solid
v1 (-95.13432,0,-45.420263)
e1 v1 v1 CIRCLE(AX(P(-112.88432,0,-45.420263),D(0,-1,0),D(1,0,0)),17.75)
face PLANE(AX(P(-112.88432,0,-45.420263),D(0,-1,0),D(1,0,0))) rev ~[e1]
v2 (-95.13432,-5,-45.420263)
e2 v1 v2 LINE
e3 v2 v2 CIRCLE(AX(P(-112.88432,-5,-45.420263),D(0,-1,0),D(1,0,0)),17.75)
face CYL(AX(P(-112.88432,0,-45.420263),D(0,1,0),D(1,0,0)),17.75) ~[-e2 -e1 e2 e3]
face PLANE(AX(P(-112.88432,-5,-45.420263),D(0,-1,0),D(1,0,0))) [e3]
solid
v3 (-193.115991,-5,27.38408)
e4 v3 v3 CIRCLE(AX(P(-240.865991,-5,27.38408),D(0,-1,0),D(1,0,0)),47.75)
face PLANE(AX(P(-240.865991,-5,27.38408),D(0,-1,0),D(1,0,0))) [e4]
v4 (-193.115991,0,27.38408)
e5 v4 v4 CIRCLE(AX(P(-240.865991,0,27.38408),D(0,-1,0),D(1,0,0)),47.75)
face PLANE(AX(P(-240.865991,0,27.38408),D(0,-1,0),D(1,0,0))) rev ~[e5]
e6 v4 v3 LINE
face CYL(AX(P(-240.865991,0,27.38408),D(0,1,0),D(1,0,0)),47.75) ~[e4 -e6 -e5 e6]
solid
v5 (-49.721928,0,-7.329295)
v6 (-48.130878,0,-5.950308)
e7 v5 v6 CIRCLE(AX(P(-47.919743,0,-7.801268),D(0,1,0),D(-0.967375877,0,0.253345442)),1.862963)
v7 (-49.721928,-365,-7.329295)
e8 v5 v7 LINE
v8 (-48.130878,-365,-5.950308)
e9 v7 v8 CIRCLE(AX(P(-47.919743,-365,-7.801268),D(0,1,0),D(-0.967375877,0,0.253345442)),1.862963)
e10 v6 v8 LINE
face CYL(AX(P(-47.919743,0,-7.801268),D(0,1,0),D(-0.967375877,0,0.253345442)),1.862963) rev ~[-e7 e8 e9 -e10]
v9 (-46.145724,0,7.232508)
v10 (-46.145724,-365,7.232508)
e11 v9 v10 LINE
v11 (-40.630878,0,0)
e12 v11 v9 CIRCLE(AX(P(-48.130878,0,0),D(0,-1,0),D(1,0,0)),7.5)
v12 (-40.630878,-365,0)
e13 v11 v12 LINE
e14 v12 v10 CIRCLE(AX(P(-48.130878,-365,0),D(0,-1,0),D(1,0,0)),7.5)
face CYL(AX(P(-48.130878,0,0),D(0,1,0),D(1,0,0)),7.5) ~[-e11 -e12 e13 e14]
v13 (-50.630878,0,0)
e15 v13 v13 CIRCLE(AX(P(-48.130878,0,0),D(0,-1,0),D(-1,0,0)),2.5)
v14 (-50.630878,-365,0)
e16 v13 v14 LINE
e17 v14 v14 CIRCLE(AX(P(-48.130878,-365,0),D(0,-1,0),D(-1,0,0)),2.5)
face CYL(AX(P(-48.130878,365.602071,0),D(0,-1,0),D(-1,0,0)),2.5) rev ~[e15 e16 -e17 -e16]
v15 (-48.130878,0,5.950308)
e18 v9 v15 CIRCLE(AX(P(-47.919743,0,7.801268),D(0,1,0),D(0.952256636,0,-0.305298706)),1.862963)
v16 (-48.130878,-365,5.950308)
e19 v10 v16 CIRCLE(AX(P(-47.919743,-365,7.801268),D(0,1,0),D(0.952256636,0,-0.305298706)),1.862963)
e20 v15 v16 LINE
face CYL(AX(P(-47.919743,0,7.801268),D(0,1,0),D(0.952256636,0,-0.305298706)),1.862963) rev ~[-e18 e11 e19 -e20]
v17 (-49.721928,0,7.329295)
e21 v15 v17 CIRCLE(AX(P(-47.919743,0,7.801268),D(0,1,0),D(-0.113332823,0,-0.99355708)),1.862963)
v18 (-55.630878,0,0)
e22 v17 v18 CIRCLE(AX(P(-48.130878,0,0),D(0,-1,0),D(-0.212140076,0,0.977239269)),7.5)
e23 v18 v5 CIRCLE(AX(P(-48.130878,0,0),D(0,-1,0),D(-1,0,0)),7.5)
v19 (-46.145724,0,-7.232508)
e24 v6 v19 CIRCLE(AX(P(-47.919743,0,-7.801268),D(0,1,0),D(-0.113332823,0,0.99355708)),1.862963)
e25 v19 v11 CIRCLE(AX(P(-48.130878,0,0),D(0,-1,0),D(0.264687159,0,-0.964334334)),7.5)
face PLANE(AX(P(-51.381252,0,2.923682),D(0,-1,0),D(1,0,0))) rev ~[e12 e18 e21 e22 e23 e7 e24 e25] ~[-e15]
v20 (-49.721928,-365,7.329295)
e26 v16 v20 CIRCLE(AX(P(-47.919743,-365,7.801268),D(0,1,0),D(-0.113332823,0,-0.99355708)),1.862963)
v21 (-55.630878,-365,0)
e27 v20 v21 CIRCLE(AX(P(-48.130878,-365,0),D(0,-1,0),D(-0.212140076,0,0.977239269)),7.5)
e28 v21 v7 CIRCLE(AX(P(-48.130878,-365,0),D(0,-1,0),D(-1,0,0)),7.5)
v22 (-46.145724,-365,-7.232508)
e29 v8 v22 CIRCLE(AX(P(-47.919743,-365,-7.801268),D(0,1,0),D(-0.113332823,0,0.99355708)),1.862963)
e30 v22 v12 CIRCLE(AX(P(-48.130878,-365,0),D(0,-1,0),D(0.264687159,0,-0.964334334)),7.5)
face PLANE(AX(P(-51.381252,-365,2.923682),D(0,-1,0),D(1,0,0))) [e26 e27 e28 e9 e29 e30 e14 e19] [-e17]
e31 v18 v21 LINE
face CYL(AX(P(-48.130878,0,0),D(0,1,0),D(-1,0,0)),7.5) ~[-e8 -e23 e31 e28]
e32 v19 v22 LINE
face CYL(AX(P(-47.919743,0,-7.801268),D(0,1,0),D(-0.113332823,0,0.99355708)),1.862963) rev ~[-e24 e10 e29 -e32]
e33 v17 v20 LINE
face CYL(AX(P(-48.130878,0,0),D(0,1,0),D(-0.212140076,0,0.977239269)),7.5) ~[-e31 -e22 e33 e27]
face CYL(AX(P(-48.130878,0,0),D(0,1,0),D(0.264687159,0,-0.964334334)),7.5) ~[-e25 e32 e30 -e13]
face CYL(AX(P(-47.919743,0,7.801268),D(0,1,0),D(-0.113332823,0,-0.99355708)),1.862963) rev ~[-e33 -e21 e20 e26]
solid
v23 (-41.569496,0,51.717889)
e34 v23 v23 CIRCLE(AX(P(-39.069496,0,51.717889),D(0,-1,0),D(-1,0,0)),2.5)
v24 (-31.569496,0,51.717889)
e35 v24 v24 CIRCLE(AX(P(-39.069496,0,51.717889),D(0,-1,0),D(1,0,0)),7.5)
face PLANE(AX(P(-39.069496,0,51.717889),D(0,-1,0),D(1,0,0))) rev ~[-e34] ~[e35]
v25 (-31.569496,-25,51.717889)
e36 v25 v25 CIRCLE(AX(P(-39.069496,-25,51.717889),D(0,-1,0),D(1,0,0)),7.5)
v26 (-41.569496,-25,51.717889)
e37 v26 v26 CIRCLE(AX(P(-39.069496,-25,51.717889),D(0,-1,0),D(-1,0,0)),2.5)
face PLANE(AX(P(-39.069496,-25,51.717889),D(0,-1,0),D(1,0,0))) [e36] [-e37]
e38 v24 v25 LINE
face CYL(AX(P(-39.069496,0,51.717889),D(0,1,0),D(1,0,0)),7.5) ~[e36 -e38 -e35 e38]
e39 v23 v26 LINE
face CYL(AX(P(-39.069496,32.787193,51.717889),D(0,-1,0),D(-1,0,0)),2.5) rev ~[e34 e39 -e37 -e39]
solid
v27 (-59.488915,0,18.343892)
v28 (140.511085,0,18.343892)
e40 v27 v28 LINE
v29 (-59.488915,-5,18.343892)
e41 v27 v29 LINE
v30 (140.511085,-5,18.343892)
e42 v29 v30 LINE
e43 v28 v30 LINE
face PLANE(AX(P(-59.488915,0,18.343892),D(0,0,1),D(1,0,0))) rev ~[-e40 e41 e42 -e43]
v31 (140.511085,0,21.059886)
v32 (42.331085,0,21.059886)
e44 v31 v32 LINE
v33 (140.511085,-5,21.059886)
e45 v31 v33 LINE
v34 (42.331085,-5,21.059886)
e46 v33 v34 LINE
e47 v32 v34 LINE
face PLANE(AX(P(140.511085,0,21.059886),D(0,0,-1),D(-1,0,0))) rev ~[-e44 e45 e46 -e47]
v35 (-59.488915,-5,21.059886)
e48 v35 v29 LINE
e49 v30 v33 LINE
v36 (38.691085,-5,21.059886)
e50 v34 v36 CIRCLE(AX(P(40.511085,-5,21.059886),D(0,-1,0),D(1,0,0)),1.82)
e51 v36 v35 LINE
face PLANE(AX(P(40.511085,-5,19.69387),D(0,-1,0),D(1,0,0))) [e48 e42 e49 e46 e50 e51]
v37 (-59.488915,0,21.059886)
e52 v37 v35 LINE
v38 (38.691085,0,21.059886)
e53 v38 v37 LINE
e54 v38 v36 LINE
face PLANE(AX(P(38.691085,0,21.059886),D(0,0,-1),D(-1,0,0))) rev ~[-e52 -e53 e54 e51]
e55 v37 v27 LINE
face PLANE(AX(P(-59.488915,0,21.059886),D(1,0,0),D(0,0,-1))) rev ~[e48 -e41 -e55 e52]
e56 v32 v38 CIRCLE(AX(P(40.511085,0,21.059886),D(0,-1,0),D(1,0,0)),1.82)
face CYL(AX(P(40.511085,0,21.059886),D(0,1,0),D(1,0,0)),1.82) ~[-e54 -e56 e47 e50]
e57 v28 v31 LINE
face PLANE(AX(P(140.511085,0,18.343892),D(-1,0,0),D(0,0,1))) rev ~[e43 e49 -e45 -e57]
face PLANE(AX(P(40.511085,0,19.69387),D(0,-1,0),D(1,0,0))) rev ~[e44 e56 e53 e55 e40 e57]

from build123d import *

# Parameters (mm, degrees)
F1_DEPTH = 365
F2_D     = 5
F0_R     = 7.5
F3_DEPTH = 25
F4_D     = 5
F5_DEPTH = 5
F0_R_2   = 17.75
F6_DEPTH = 5
F0_R_3   = 47.75


with BuildPart() as f1:
    # F0 (on Front) → F1 (new body)
    with BuildSketch(Plane.XZ):
        with BuildLine():
            ThreePointArc((-49.7219281873, 7.329294514), (-53.9696651294, 4.7072880038), (-55.630877614, 0))
            Line((-55.630877614, 0), (-48.130877614, 0))
            Line((-48.130877614, 0), (-48.130877614, 5.9503076512))
            ThreePointArc((-48.130877614, 5.9503076512), (-49.1398926819, 6.3934803612), (-49.7219281873, 7.329294514))
        make_face()
        with BuildLine():
            Line((-48.130877614, 5.9503076512), (-48.130877614, 0))
            Line((-48.130877614, 0), (-40.630877614, 0))
            ThreePointArc((-40.630877614, 0), (-42.1668750711, 4.5476008694), (-46.1457239254, 7.2325075066))
            ThreePointArc((-46.1457239254, 7.2325075066), (-46.9089704315, 6.2363490715), (-48.130877614, 5.9503076512))
        make_face()
        with BuildLine():
            Line((-40.630877614, 0), (-48.130877614, 0))
            Line((-48.130877614, 0), (-48.130877614, -5.9503076512))
            ThreePointArc((-48.130877614, -5.9503076512), (-46.9089704315, -6.2363490715), (-46.1457239254, -7.2325075066))
            ThreePointArc((-46.1457239254, -7.2325075066), (-42.1668750711, -4.5476008694), (-40.630877614, 0))
        make_face()
        with BuildLine():
            Line((-48.130877614, 0), (-55.630877614, 0))
            ThreePointArc((-55.630877614, 0), (-53.9696651294, -4.7072880038), (-49.7219281873, -7.329294514))
            ThreePointArc((-49.7219281873, -7.329294514), (-49.1398926819, -6.3934803612), (-48.130877614, -5.9503076512))
            Line((-48.130877614, -5.9503076512), (-48.130877614, 0))
        make_face()
    extrude(amount=F1_DEPTH)

    # F2 (through all)
    with Locations(Plane(origin=(0, 0, 0), x_dir=(1, 0, 0), z_dir=(0, 1, 0))):
        with Locations((-48.130877614, 0)):
            Hole(F2_D / 2)


with BuildPart() as f3:
    # F0 (on Front) → F3 (new body)
    with BuildSketch(Plane.XZ):
        with Locations((-39.0694960952, 51.7178885639)):
            Circle(F0_R)
    extrude(amount=F3_DEPTH)

    # F4 (through all)
    with Locations(Plane(origin=(0, 0, 0), x_dir=(1, 0, 0), z_dir=(0, 1, 0))):
        with Locations((-39.0694960952, -51.7178885639)):
            Hole(F4_D / 2)


with BuildPart() as f5:
    # F0 (on Front) → F5 (new body)
    with BuildSketch(Plane.XZ):
        with BuildLine():
            Line((140.511085093, 21.0598856211), (42.331085093, 21.0598856211))
            ThreePointArc((42.331085093, 21.0598856211), (40.511085093, 19.2398856211), (38.691085093, 21.0598856211))
            Line((38.691085093, 21.0598856211), (-59.488914907, 21.0598856211))
            Line((-59.488914907, 21.0598856211), (-59.488914907, 18.3438919485))
            Line((-59.488914907, 18.3438919485), (140.511085093, 18.3438919485))
            Line((140.511085093, 18.3438919485), (140.511085093, 21.0598856211))
        make_face()
        with BuildLine():
            Line((40.511085093, 21.0598856211), (42.331085093, 21.0598856211))
            ThreePointArc((42.331085093, 21.0598856211), (40.511085093, 22.8798856211), (38.691085093, 21.0598856211))
            Line((38.691085093, 21.0598856211), (40.511085093, 21.0598856211))
        make_face()
        with BuildLine():
            ThreePointArc((38.691085093, 21.0598856211), (40.511085093, 19.2398856211), (42.331085093, 21.0598856211))
            Line((42.331085093, 21.0598856211), (40.511085093, 21.0598856211))
            Line((40.511085093, 21.0598856211), (38.691085093, 21.0598856211))
        make_face()
    extrude(amount=F5_DEPTH)


with BuildPart() as f6:
    # F0 (on Front) → F6 (new body)
    with BuildSketch(Plane.XZ):
        with Locations((-112.8843203187, -45.4202629626)):
            Circle(F0_R_2)
    extrude(amount=F6_DEPTH)


with BuildPart() as f6b:
    # F0 (on Front) → F6, piece 2 (new body)
    with BuildSketch(Plane.XZ):
        with Locations((-240.8659905195, 27.3840799928)):
            Circle(F0_R_3)
    extrude(amount=F6_DEPTH)


solid = Compound([f1.part, f3.part, f5.part, f6.part, f6b.part])
